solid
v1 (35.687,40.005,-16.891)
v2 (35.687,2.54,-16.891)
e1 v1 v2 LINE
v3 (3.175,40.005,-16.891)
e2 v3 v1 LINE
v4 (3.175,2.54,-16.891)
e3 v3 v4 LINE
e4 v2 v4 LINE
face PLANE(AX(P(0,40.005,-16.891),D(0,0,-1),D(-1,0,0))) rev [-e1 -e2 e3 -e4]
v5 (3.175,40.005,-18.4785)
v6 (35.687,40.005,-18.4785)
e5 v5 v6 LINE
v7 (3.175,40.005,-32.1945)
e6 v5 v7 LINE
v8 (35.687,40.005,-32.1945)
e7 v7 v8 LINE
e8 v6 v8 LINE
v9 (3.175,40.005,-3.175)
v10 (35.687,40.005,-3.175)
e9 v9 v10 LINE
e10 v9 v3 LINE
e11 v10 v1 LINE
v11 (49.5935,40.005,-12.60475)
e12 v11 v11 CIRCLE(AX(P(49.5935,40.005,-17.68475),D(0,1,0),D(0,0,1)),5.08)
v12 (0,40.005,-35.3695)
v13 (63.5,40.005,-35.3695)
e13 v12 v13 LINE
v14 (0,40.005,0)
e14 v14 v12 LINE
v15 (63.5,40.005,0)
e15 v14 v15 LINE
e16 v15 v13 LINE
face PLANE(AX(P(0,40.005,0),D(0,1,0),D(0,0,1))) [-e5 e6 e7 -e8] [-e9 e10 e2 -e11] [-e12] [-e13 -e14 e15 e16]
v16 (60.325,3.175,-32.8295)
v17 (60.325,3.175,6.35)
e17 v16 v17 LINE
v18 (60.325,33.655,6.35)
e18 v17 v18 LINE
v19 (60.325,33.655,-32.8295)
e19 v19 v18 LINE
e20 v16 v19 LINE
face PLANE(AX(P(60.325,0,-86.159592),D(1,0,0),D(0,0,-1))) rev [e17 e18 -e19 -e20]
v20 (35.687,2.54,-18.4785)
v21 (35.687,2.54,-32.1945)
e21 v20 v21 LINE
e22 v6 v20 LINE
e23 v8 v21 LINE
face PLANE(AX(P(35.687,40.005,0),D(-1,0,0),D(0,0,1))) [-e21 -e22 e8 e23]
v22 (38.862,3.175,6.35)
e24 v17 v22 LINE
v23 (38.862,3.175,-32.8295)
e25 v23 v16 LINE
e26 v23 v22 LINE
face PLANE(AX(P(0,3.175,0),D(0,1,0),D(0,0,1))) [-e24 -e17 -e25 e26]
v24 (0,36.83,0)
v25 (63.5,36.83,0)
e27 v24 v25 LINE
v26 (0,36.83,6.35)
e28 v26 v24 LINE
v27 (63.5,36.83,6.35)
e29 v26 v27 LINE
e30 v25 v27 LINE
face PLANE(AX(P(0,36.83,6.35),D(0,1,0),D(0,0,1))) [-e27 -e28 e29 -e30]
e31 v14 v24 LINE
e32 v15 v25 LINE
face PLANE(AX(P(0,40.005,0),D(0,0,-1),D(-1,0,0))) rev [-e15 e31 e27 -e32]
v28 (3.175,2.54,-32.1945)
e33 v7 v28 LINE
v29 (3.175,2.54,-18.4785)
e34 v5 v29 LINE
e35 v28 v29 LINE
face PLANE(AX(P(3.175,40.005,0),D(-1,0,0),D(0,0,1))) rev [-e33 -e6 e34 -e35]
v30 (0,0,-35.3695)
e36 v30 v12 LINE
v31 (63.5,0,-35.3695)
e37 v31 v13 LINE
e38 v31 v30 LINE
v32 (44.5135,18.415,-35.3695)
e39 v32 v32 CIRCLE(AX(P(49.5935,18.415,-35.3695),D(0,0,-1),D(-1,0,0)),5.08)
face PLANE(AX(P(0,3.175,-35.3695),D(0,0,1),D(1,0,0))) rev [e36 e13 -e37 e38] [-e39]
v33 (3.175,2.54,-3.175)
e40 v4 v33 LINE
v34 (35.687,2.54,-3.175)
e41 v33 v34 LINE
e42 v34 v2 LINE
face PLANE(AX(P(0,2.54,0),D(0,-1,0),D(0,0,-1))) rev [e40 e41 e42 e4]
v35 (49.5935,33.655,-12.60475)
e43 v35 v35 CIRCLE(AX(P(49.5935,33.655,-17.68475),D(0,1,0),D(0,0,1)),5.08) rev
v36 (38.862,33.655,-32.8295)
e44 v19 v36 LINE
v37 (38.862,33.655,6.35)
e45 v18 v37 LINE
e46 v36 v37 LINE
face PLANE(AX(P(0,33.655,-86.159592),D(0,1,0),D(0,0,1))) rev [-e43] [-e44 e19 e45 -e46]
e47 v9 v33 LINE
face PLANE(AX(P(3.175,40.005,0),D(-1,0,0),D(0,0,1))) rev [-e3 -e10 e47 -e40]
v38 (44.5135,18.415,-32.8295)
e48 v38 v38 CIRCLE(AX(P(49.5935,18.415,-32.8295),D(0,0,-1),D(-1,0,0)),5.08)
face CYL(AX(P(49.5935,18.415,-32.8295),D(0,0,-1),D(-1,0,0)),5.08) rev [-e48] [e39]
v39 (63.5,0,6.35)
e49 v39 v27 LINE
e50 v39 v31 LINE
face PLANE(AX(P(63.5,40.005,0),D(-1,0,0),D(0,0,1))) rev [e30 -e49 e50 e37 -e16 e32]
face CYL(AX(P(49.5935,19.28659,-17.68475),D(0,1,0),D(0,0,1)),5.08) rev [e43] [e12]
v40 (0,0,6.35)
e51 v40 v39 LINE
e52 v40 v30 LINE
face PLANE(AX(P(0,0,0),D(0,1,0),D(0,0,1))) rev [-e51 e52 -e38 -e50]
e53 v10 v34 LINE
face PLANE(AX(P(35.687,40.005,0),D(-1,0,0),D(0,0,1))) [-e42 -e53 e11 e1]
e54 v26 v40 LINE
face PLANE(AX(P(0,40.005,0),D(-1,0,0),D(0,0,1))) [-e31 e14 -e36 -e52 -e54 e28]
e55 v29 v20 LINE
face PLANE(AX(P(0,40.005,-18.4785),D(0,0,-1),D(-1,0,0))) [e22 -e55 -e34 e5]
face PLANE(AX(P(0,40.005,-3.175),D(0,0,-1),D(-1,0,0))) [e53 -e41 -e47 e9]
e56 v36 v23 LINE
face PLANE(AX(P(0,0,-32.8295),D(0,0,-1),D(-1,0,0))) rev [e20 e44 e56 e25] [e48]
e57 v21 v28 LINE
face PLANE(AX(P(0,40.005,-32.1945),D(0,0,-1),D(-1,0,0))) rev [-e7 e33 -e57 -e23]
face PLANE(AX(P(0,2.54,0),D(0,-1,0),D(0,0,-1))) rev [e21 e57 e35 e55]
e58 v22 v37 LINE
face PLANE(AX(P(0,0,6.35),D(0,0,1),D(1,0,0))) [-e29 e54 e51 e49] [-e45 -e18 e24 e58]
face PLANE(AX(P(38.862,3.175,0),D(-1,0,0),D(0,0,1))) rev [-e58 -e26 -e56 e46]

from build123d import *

# Parameters (mm, degrees)
SKETCH1_W            = 63.5
SKETCH1_H            = 44.45
SKETCH1_W_2          = 32.512
SKETCH1_H_2          = 13.716
BOSS_EXTRUDE1_DEPTH  = 40.005
SKETCH2_W            = 32.512
SKETCH2_H            = 13.716
BOSS_EXTRUDE2_DEPTH  = 2.54
CUT_EXTRUDE1_DEPTH   = 36.83
BOSS_EXTRUDE8_DEPTH  = 6.35
BOSS_EXTRUDE9_REACH  = 92.627
SKETCH10_W           = 21.463
SKETCH10_H           = 3.175
SKETCH11_W           = 9.0805
SKETCH11_H           = 36.83
CUT_EXTRUDE2_DEPTH   = 88.226443955
SKETCH12_W           = 21.463
SKETCH12_H           = 30.48
SKETCH12_R           = 5.08
BOSS_EXTRUDE10_DEPTH = 2.54
SKETCH13_W           = 24.638
SKETCH13_H           = 35.3695
BOSS_EXTRUDE11_DEPTH = 3.175
SKETCH14_R           = 5.08
CUT_EXTRUDE3_DEPTH   = 6.35


with BuildPart() as part:
    # Sketch1 → Boss-Extrude1 (new body)
    with BuildSketch(Plane(origin=(0, 0, 0), x_dir=(1, 0, 0), z_dir=(0, 1, 0))):
        with Locations((31.75, 22.225)):
            Rectangle(SKETCH1_W, SKETCH1_H)
        with Locations((19.431, 25.3365)):
            Rectangle(SKETCH1_W_2, SKETCH1_H_2, mode=Mode.SUBTRACT)
        with Locations((19.431, 10.033)):
            Rectangle(SKETCH1_W_2, SKETCH1_H_2, mode=Mode.SUBTRACT)
    extrude(amount=BOSS_EXTRUDE1_DEPTH)

    # Sketch2 → Boss-Extrude2 (add)
    with BuildSketch(Plane.XZ):
        with Locations((19.431, -10.033)):
            Rectangle(SKETCH2_W, SKETCH2_H)
        with Locations((19.431, -25.3365)):
            Rectangle(SKETCH2_W, SKETCH2_H)
    extrude(amount=-BOSS_EXTRUDE2_DEPTH)

    # Sketch3 → Cut-Extrude1 (cut)
    with BuildSketch(Plane(origin=(0, 40.005, 0), x_dir=(1, 0, 0), z_dir=(0, 1, 0))):
        Polygon((3.175, 35.3695), (35.687, 35.3695), (38.862, 35.3695), (38.862, 32.1945), (38.862, 18.4785), (38.862, 0), (63.5, 0), (63.5, 44.45), (0, 44.45), (0, 35.3695), align=None)
    extrude(amount=-CUT_EXTRUDE1_DEPTH, mode=Mode.SUBTRACT)

    # Sketch9 → Boss-Extrude8 (add)
    with BuildSketch(Plane.XY):
        Polygon((38.862, 36.83), (0, 36.83), (0, 0), (63.5, 0), (63.5, 3.175), (38.862, 3.175), align=None)
    extrude(amount=BOSS_EXTRUDE8_DEPTH)

    # Boss-Extrude9: up to this face of the body (flat: up to its plane)
    boss_extrude9_end = Plane(part.part.faces().sort_by_distance((31.75, 1.5875, -44.45))[0])
    # Sketch10 → Boss-Extrude9 (add, up to the picked face)
    with BuildSketch(Plane.XY.offset(6.35), mode=Mode.PRIVATE) as boss_extrude9_sk1:
        Polygon((60.325, 3.175), (63.5, 3.175), (63.5, 36.83), (60.325, 36.83), (60.325, 33.655), (60.325, 30.48), align=None)
    boss_extrude9_tool1 = split(extrude(boss_extrude9_sk1.sketch, amount=-BOSS_EXTRUDE9_REACH, mode=Mode.PRIVATE), bisect_by=boss_extrude9_end, keep=Keep.BOTH, mode=Mode.PRIVATE)
    # Sketch10 → Boss-Extrude9 (add, up to the picked face)
    with BuildSketch(Plane.XY.offset(6.35), mode=Mode.PRIVATE) as boss_extrude9_sk2:
        with Locations((49.5935, 35.2425)):
            Rectangle(SKETCH10_W, SKETCH10_H)
    boss_extrude9_tool2 = split(extrude(boss_extrude9_sk2.sketch, amount=-BOSS_EXTRUDE9_REACH, mode=Mode.PRIVATE), bisect_by=boss_extrude9_end, keep=Keep.BOTH, mode=Mode.PRIVATE)
    add(boss_extrude9_tool1.solids().sort_by(Axis((61.9125, 20.0025, 6.35), (0, 0, -1)))[0])
    add(boss_extrude9_tool2.solids().sort_by(Axis((49.5935, 35.2425, 6.35), (0, 0, -1)))[0])

    # Sketch11 → Cut-Extrude2 (cut, through all)
    with BuildSketch(Plane.ZY):
        with Locations((-39.90975, 18.415)):
            Rectangle(SKETCH11_W, SKETCH11_H)
    extrude(amount=-CUT_EXTRUDE2_DEPTH, mode=Mode.SUBTRACT)

    # Sketch12 → Boss-Extrude10 (add)
    with BuildSketch(Plane(origin=(0, 0, -35.3695), x_dir=(-1, 0, 0), z_dir=(0, 0, -1))):
        with Locations((-49.5935, 18.415)):
            Rectangle(SKETCH12_W, SKETCH12_H)
        with Locations((-49.5935, 18.415)):
            Circle(SKETCH12_R, mode=Mode.SUBTRACT)
    extrude(amount=-BOSS_EXTRUDE10_DEPTH)

    # Sketch13 → Boss-Extrude11 (add)
    with BuildSketch(Plane(origin=(0, 36.83, 0), x_dir=(1, 0, 0), z_dir=(0, 1, 0))):
        with Locations((51.181, 17.68475)):
            Rectangle(SKETCH13_W, SKETCH13_H)
    extrude(amount=BOSS_EXTRUDE11_DEPTH)

    # Sketch14 → Cut-Extrude3 (cut)
    with BuildSketch(Plane(origin=(0, 40.005, 0), x_dir=(1, 0, 0), z_dir=(0, 1, 0))):
        with Locations(Location((49.5935, 17.68475, 0), (0, 0, 270))):
            Circle(SKETCH14_R)
    extrude(amount=-CUT_EXTRUDE3_DEPTH, mode=Mode.SUBTRACT)


solid = part.part
